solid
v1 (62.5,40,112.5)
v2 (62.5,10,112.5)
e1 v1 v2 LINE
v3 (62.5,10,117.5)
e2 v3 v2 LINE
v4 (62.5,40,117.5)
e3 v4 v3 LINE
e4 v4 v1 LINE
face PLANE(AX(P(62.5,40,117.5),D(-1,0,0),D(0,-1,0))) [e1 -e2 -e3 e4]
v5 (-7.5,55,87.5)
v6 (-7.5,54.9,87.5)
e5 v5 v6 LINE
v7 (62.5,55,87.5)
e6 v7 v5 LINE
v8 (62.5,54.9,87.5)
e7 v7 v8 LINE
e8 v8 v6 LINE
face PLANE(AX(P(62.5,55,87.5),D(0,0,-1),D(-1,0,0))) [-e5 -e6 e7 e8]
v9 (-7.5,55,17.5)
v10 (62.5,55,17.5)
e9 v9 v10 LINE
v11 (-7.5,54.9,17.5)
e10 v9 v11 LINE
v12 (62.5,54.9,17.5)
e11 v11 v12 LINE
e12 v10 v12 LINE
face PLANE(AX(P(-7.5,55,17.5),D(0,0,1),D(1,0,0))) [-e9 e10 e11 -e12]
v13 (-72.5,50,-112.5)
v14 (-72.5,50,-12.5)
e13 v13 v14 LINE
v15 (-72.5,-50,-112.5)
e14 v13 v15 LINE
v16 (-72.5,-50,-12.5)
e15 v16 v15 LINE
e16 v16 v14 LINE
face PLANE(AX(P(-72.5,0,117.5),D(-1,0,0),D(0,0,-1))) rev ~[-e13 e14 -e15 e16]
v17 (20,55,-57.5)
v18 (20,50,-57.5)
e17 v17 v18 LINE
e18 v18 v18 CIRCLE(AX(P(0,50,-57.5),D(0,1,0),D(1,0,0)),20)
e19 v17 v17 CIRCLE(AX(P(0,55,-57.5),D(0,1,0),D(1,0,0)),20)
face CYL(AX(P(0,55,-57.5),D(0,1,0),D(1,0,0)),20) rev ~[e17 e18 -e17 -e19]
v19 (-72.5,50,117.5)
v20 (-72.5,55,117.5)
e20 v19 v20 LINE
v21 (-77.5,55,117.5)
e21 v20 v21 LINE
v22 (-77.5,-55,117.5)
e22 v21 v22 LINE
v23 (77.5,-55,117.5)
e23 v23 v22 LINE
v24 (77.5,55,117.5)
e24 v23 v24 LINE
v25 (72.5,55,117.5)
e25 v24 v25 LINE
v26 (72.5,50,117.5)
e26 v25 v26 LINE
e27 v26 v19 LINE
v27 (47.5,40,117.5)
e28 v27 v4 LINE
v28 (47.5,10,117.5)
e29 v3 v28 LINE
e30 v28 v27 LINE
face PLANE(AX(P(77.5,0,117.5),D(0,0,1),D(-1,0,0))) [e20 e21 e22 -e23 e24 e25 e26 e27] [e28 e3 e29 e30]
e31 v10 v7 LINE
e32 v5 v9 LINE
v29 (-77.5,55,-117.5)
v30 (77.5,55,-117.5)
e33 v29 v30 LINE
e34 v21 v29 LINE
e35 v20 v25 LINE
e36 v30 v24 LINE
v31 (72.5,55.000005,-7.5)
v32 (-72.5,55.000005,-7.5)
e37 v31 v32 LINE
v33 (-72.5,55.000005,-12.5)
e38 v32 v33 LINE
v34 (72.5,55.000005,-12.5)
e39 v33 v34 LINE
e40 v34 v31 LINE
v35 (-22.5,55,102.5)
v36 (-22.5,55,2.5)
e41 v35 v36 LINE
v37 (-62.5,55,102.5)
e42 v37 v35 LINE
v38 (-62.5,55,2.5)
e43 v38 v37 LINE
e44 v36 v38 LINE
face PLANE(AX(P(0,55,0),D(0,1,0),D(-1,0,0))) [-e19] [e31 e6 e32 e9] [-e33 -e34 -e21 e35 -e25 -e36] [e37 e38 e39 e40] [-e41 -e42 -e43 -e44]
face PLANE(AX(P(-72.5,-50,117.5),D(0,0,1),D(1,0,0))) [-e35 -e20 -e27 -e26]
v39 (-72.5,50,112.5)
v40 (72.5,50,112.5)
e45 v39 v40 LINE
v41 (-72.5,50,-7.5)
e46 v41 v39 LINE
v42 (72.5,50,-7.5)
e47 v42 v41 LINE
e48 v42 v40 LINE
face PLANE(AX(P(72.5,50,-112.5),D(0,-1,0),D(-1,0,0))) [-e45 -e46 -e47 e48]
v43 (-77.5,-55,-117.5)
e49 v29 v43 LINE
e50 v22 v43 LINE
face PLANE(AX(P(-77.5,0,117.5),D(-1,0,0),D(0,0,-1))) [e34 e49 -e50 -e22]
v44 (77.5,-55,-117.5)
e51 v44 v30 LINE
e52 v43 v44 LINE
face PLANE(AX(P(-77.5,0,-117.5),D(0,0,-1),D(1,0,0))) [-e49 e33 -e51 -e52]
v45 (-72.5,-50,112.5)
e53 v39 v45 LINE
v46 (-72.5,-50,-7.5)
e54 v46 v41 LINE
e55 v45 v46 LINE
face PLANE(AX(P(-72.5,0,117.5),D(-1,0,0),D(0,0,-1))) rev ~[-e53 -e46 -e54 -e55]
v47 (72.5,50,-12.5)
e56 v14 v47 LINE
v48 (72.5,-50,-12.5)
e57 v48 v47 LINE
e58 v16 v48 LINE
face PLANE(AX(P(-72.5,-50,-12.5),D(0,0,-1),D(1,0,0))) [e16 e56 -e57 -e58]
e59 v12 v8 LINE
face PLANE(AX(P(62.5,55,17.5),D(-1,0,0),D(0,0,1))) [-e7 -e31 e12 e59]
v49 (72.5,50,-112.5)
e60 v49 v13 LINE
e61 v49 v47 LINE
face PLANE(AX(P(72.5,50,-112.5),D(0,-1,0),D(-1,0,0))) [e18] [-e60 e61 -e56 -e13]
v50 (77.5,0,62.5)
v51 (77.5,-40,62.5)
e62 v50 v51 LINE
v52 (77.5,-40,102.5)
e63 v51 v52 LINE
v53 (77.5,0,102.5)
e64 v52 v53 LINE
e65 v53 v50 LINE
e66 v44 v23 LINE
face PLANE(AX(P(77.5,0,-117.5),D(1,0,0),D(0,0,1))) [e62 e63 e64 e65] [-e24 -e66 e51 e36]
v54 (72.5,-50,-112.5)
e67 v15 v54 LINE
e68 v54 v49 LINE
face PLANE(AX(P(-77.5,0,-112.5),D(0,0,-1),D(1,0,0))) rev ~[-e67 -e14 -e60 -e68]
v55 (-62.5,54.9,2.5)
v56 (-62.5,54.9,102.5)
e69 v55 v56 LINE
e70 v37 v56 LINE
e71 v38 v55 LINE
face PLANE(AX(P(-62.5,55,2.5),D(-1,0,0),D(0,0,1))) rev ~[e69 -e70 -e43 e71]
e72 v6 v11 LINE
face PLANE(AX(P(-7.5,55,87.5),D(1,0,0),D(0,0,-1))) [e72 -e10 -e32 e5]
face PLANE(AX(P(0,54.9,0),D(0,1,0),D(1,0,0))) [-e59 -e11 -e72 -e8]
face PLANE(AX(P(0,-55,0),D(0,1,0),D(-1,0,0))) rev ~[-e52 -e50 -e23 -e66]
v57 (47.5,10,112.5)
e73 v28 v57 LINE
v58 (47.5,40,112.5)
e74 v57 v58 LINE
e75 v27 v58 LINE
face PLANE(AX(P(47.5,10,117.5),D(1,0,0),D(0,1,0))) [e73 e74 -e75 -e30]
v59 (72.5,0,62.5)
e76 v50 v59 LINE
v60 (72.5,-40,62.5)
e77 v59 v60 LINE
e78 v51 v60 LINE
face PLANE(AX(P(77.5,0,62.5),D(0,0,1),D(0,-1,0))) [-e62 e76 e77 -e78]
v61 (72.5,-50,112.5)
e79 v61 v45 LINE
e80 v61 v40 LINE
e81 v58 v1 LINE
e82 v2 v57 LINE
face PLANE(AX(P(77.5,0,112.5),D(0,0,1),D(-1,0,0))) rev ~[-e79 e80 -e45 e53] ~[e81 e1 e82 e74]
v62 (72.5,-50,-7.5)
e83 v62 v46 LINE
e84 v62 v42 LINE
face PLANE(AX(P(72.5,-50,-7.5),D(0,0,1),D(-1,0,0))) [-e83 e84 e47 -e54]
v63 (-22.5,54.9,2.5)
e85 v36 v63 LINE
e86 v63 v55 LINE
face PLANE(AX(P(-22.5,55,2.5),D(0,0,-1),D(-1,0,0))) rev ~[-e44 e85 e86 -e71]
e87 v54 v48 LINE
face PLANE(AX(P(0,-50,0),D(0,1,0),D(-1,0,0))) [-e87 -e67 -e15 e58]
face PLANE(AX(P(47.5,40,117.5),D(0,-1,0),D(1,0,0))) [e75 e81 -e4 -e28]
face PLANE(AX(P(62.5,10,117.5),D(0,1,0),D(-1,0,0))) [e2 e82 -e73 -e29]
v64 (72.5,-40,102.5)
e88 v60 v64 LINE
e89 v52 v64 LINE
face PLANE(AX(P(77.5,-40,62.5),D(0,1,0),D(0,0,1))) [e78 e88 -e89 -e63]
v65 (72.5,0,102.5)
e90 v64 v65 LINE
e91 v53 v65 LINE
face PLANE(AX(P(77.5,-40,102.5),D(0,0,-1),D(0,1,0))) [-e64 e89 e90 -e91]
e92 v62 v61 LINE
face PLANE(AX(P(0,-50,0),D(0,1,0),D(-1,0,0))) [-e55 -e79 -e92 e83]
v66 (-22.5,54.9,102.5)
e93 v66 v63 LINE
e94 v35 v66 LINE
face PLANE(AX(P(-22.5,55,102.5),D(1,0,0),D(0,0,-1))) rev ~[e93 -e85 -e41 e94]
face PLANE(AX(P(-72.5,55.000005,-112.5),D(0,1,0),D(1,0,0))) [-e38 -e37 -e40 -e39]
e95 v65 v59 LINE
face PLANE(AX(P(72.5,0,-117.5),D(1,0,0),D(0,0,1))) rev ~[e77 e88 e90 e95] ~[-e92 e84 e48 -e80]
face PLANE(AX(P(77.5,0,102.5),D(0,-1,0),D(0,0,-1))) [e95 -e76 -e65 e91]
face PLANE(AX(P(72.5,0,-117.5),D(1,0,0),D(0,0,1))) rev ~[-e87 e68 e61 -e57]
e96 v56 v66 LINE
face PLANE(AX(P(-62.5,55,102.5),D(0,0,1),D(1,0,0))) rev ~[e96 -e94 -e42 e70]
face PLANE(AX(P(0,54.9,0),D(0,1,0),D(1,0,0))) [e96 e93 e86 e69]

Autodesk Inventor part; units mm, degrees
ref_plane "YZ Plane" through (0, 0, 0) normal (1, 0, 0) x (0, 1, 0)
ref_plane "XZ Plane" through (0, 0, 0) normal (0, 1, 0) x (-1, 0, 0)
ref_plane "XY Plane" through (0, 0, 0) normal (0, 0, 1) x (1, 0, 0)
sketch "Sketch1" plane through (0, 0, 0) normal (0, 1, 0) x (-1, 0, 0)
  line L0 (-77.5, 117.5) -> (77.5, 117.5)
  line L1 (77.5, 117.5) -> (77.5, -117.5)
  line L2 (77.5, -117.5) -> (-77.5, -117.5)
  line L3 (-77.5, -117.5) -> (-77.5, 117.5)
  line L4 (-77.5, 117.5) -> (77.5, -117.5) construction
  line L5 (77.5, 117.5) -> (-77.5, -117.5) construction
  point P0 (0, 0)
  dimension "d0" = 235
  dimension "d1" = 155
extrude "Extrusion1" add sketch "Sketch1" along normal mid plane 110
shell "Shell1" thickness 5 removed faces 1 at (25.8333, 55, 39.1667)
sketch "Sketch2" plane through (-72.5, -50, -112.5) normal (0, 0, 1) x (1, 0, 0)
  line L0 (0, 0) -> (0, 105) projected
  line L1 (145, 105) -> (145, 0) projected
  line L2 (0, 105) -> (145, 105)
  line L3 (145, 105) -> (145, 100)
  line L4 (145, 100) -> (0, 100)
  line L5 (0, 100) -> (0, 105)
  point P0 (72.5, 50)
  point P1 (145, 105)
  dimension "d5" = 5
extrude "Extrusion2" add sketch "Sketch2" along normal through all
sketch "Sketch3" plane through (0, 55, 0) normal (0, 1, 0) x (1, 0, 0)
  line L0 (62.5, -87.5) -> (-7.5, -87.5)
  line L1 (-7.5, -87.5) -> (-7.5, -17.5)
  line L2 (-7.5, -17.5) -> (62.5, -17.5)
  line L3 (62.5, -17.5) -> (62.5, -87.5)
  line L4 (62.5, -87.5) -> (-7.5, -17.5) construction
  line L5 (-7.5, -87.5) -> (62.5, -17.5) construction
  line L6 (-77.5, 117.5) -> (-77.5, -117.5) projected
  line L7 (-77.5, -117.5) -> (77.5, -117.5) projected
  line L8 (77.5, 117.5) -> (-77.5, 117.5) projected
  circle A0 centre (0, 57.5) radius 20
  line L9 (77.5, -117.5) -> (77.5, 117.5) projected
  line L10 (-62.5, -102.5) -> (-22.5, -102.5)
  line L11 (-22.5, -102.5) -> (-22.5, -2.5)
  line L12 (-22.5, -2.5) -> (-62.5, -2.5)
  line L13 (-62.5, -2.5) -> (-62.5, -102.5)
  circle A1 centre (0, 57.5) radius 45 construction
  point P0 (0, 0)
  point P1 (27.5, -52.5)
  point P2 (-42.5, -52.5)
  dimension "d12" = 70
  dimension "d13" = 70
  dimension "d20" = 40
  dimension "d31" = 15
  dimension "d32" = 100
  dimension "d33" = 40
  dimension "d34" = 15
  dimension "d35" = 15
  dimension "d37" = 0
  dimension "d38" = 65
  dimension "d40" = 0
  dimension "d41" = 60
  dimension "d42" = 90
sketch "Sketch4" plane through (77.5, -55, -117.5) normal (1, 0, 0) x (0, 0, -1)
  line L0 (-220, 55) -> (-180, 55)
  line L1 (-180, 55) -> (-180, 15)
  line L2 (-180, 15) -> (-220, 15)
  line L3 (-220, 15) -> (-220, 55)
  line L4 (0, 0) -> (-235, 0) projected
  line L5 (-235, 0) -> (-235, 110) projected
  point P0 (-117.5, 55)
  dimension "d23" = 40
  dimension "d24" = 40
  dimension "d25" = 15
  dimension "d26" = 15
sketch "Sketch5" plane through (-77.5, 55, 117.5) normal (0, 0, 1) x (1, 0, 0)
  line L0 (125, -15) -> (140, -15)
  line L1 (140, -15) -> (140, -45)
  line L2 (140, -45) -> (125, -45)
  line L3 (125, -45) -> (125, -15)
  line L4 (0, 0) -> (155, 0) projected
  line L5 (155, -110) -> (155, 0) projected
  point P0 (77.5, -55)
  dimension "d27" = 30
  dimension "d28" = 15
  dimension "d29" = 15
  dimension "d30" = 15
sketch "Sketch6" plane through (-72.5, -50, -112.5) normal (0, 1, 0) x (1, 0, 0)
  line L0 (0, 0) -> (145, 0) construction
  line L1 (-5, -230) -> (-5, 5) construction
  line L2 (0, 0) -> (0, -100) construction
  line L3 (0, -225) -> (0, 0) projected
  line L4 (145, 0) -> (145, -225) projected
  line L5 (0, -100) -> (145, -100)
  line L6 (145, -100) -> (145, -105) construction
  line L7 (145, -105) -> (0, -105)
  line L8 (0, -105) -> (0, -100) construction
  line L9 (0, -100) -> (0, -105)
  line L10 (145, -100) -> (145, -105)
  point P0 (72.5, -112.5)
  point P1 (0, -105)
  dimension "d44" = 100
  dimension "d45" = 5
extrude "Extrusion3" add sketch "Sketch6" along normal through all
extrude "Extrusion4" cut sketch "Sketch3" against normal blind 10 contours A0
extrude "Extrusion5" cut sketch "Sketch4" against normal blind 10
extrude "Extrusion6" cut sketch "Sketch5" against normal blind 10
extrude "Extrusion7" cut sketch "Sketch3" against normal blind 0.1 contours L0 L1 L2 L3 | L13 L12 L11 L10
properties part number "estruc_mec" material "Wood (Cherry)"
